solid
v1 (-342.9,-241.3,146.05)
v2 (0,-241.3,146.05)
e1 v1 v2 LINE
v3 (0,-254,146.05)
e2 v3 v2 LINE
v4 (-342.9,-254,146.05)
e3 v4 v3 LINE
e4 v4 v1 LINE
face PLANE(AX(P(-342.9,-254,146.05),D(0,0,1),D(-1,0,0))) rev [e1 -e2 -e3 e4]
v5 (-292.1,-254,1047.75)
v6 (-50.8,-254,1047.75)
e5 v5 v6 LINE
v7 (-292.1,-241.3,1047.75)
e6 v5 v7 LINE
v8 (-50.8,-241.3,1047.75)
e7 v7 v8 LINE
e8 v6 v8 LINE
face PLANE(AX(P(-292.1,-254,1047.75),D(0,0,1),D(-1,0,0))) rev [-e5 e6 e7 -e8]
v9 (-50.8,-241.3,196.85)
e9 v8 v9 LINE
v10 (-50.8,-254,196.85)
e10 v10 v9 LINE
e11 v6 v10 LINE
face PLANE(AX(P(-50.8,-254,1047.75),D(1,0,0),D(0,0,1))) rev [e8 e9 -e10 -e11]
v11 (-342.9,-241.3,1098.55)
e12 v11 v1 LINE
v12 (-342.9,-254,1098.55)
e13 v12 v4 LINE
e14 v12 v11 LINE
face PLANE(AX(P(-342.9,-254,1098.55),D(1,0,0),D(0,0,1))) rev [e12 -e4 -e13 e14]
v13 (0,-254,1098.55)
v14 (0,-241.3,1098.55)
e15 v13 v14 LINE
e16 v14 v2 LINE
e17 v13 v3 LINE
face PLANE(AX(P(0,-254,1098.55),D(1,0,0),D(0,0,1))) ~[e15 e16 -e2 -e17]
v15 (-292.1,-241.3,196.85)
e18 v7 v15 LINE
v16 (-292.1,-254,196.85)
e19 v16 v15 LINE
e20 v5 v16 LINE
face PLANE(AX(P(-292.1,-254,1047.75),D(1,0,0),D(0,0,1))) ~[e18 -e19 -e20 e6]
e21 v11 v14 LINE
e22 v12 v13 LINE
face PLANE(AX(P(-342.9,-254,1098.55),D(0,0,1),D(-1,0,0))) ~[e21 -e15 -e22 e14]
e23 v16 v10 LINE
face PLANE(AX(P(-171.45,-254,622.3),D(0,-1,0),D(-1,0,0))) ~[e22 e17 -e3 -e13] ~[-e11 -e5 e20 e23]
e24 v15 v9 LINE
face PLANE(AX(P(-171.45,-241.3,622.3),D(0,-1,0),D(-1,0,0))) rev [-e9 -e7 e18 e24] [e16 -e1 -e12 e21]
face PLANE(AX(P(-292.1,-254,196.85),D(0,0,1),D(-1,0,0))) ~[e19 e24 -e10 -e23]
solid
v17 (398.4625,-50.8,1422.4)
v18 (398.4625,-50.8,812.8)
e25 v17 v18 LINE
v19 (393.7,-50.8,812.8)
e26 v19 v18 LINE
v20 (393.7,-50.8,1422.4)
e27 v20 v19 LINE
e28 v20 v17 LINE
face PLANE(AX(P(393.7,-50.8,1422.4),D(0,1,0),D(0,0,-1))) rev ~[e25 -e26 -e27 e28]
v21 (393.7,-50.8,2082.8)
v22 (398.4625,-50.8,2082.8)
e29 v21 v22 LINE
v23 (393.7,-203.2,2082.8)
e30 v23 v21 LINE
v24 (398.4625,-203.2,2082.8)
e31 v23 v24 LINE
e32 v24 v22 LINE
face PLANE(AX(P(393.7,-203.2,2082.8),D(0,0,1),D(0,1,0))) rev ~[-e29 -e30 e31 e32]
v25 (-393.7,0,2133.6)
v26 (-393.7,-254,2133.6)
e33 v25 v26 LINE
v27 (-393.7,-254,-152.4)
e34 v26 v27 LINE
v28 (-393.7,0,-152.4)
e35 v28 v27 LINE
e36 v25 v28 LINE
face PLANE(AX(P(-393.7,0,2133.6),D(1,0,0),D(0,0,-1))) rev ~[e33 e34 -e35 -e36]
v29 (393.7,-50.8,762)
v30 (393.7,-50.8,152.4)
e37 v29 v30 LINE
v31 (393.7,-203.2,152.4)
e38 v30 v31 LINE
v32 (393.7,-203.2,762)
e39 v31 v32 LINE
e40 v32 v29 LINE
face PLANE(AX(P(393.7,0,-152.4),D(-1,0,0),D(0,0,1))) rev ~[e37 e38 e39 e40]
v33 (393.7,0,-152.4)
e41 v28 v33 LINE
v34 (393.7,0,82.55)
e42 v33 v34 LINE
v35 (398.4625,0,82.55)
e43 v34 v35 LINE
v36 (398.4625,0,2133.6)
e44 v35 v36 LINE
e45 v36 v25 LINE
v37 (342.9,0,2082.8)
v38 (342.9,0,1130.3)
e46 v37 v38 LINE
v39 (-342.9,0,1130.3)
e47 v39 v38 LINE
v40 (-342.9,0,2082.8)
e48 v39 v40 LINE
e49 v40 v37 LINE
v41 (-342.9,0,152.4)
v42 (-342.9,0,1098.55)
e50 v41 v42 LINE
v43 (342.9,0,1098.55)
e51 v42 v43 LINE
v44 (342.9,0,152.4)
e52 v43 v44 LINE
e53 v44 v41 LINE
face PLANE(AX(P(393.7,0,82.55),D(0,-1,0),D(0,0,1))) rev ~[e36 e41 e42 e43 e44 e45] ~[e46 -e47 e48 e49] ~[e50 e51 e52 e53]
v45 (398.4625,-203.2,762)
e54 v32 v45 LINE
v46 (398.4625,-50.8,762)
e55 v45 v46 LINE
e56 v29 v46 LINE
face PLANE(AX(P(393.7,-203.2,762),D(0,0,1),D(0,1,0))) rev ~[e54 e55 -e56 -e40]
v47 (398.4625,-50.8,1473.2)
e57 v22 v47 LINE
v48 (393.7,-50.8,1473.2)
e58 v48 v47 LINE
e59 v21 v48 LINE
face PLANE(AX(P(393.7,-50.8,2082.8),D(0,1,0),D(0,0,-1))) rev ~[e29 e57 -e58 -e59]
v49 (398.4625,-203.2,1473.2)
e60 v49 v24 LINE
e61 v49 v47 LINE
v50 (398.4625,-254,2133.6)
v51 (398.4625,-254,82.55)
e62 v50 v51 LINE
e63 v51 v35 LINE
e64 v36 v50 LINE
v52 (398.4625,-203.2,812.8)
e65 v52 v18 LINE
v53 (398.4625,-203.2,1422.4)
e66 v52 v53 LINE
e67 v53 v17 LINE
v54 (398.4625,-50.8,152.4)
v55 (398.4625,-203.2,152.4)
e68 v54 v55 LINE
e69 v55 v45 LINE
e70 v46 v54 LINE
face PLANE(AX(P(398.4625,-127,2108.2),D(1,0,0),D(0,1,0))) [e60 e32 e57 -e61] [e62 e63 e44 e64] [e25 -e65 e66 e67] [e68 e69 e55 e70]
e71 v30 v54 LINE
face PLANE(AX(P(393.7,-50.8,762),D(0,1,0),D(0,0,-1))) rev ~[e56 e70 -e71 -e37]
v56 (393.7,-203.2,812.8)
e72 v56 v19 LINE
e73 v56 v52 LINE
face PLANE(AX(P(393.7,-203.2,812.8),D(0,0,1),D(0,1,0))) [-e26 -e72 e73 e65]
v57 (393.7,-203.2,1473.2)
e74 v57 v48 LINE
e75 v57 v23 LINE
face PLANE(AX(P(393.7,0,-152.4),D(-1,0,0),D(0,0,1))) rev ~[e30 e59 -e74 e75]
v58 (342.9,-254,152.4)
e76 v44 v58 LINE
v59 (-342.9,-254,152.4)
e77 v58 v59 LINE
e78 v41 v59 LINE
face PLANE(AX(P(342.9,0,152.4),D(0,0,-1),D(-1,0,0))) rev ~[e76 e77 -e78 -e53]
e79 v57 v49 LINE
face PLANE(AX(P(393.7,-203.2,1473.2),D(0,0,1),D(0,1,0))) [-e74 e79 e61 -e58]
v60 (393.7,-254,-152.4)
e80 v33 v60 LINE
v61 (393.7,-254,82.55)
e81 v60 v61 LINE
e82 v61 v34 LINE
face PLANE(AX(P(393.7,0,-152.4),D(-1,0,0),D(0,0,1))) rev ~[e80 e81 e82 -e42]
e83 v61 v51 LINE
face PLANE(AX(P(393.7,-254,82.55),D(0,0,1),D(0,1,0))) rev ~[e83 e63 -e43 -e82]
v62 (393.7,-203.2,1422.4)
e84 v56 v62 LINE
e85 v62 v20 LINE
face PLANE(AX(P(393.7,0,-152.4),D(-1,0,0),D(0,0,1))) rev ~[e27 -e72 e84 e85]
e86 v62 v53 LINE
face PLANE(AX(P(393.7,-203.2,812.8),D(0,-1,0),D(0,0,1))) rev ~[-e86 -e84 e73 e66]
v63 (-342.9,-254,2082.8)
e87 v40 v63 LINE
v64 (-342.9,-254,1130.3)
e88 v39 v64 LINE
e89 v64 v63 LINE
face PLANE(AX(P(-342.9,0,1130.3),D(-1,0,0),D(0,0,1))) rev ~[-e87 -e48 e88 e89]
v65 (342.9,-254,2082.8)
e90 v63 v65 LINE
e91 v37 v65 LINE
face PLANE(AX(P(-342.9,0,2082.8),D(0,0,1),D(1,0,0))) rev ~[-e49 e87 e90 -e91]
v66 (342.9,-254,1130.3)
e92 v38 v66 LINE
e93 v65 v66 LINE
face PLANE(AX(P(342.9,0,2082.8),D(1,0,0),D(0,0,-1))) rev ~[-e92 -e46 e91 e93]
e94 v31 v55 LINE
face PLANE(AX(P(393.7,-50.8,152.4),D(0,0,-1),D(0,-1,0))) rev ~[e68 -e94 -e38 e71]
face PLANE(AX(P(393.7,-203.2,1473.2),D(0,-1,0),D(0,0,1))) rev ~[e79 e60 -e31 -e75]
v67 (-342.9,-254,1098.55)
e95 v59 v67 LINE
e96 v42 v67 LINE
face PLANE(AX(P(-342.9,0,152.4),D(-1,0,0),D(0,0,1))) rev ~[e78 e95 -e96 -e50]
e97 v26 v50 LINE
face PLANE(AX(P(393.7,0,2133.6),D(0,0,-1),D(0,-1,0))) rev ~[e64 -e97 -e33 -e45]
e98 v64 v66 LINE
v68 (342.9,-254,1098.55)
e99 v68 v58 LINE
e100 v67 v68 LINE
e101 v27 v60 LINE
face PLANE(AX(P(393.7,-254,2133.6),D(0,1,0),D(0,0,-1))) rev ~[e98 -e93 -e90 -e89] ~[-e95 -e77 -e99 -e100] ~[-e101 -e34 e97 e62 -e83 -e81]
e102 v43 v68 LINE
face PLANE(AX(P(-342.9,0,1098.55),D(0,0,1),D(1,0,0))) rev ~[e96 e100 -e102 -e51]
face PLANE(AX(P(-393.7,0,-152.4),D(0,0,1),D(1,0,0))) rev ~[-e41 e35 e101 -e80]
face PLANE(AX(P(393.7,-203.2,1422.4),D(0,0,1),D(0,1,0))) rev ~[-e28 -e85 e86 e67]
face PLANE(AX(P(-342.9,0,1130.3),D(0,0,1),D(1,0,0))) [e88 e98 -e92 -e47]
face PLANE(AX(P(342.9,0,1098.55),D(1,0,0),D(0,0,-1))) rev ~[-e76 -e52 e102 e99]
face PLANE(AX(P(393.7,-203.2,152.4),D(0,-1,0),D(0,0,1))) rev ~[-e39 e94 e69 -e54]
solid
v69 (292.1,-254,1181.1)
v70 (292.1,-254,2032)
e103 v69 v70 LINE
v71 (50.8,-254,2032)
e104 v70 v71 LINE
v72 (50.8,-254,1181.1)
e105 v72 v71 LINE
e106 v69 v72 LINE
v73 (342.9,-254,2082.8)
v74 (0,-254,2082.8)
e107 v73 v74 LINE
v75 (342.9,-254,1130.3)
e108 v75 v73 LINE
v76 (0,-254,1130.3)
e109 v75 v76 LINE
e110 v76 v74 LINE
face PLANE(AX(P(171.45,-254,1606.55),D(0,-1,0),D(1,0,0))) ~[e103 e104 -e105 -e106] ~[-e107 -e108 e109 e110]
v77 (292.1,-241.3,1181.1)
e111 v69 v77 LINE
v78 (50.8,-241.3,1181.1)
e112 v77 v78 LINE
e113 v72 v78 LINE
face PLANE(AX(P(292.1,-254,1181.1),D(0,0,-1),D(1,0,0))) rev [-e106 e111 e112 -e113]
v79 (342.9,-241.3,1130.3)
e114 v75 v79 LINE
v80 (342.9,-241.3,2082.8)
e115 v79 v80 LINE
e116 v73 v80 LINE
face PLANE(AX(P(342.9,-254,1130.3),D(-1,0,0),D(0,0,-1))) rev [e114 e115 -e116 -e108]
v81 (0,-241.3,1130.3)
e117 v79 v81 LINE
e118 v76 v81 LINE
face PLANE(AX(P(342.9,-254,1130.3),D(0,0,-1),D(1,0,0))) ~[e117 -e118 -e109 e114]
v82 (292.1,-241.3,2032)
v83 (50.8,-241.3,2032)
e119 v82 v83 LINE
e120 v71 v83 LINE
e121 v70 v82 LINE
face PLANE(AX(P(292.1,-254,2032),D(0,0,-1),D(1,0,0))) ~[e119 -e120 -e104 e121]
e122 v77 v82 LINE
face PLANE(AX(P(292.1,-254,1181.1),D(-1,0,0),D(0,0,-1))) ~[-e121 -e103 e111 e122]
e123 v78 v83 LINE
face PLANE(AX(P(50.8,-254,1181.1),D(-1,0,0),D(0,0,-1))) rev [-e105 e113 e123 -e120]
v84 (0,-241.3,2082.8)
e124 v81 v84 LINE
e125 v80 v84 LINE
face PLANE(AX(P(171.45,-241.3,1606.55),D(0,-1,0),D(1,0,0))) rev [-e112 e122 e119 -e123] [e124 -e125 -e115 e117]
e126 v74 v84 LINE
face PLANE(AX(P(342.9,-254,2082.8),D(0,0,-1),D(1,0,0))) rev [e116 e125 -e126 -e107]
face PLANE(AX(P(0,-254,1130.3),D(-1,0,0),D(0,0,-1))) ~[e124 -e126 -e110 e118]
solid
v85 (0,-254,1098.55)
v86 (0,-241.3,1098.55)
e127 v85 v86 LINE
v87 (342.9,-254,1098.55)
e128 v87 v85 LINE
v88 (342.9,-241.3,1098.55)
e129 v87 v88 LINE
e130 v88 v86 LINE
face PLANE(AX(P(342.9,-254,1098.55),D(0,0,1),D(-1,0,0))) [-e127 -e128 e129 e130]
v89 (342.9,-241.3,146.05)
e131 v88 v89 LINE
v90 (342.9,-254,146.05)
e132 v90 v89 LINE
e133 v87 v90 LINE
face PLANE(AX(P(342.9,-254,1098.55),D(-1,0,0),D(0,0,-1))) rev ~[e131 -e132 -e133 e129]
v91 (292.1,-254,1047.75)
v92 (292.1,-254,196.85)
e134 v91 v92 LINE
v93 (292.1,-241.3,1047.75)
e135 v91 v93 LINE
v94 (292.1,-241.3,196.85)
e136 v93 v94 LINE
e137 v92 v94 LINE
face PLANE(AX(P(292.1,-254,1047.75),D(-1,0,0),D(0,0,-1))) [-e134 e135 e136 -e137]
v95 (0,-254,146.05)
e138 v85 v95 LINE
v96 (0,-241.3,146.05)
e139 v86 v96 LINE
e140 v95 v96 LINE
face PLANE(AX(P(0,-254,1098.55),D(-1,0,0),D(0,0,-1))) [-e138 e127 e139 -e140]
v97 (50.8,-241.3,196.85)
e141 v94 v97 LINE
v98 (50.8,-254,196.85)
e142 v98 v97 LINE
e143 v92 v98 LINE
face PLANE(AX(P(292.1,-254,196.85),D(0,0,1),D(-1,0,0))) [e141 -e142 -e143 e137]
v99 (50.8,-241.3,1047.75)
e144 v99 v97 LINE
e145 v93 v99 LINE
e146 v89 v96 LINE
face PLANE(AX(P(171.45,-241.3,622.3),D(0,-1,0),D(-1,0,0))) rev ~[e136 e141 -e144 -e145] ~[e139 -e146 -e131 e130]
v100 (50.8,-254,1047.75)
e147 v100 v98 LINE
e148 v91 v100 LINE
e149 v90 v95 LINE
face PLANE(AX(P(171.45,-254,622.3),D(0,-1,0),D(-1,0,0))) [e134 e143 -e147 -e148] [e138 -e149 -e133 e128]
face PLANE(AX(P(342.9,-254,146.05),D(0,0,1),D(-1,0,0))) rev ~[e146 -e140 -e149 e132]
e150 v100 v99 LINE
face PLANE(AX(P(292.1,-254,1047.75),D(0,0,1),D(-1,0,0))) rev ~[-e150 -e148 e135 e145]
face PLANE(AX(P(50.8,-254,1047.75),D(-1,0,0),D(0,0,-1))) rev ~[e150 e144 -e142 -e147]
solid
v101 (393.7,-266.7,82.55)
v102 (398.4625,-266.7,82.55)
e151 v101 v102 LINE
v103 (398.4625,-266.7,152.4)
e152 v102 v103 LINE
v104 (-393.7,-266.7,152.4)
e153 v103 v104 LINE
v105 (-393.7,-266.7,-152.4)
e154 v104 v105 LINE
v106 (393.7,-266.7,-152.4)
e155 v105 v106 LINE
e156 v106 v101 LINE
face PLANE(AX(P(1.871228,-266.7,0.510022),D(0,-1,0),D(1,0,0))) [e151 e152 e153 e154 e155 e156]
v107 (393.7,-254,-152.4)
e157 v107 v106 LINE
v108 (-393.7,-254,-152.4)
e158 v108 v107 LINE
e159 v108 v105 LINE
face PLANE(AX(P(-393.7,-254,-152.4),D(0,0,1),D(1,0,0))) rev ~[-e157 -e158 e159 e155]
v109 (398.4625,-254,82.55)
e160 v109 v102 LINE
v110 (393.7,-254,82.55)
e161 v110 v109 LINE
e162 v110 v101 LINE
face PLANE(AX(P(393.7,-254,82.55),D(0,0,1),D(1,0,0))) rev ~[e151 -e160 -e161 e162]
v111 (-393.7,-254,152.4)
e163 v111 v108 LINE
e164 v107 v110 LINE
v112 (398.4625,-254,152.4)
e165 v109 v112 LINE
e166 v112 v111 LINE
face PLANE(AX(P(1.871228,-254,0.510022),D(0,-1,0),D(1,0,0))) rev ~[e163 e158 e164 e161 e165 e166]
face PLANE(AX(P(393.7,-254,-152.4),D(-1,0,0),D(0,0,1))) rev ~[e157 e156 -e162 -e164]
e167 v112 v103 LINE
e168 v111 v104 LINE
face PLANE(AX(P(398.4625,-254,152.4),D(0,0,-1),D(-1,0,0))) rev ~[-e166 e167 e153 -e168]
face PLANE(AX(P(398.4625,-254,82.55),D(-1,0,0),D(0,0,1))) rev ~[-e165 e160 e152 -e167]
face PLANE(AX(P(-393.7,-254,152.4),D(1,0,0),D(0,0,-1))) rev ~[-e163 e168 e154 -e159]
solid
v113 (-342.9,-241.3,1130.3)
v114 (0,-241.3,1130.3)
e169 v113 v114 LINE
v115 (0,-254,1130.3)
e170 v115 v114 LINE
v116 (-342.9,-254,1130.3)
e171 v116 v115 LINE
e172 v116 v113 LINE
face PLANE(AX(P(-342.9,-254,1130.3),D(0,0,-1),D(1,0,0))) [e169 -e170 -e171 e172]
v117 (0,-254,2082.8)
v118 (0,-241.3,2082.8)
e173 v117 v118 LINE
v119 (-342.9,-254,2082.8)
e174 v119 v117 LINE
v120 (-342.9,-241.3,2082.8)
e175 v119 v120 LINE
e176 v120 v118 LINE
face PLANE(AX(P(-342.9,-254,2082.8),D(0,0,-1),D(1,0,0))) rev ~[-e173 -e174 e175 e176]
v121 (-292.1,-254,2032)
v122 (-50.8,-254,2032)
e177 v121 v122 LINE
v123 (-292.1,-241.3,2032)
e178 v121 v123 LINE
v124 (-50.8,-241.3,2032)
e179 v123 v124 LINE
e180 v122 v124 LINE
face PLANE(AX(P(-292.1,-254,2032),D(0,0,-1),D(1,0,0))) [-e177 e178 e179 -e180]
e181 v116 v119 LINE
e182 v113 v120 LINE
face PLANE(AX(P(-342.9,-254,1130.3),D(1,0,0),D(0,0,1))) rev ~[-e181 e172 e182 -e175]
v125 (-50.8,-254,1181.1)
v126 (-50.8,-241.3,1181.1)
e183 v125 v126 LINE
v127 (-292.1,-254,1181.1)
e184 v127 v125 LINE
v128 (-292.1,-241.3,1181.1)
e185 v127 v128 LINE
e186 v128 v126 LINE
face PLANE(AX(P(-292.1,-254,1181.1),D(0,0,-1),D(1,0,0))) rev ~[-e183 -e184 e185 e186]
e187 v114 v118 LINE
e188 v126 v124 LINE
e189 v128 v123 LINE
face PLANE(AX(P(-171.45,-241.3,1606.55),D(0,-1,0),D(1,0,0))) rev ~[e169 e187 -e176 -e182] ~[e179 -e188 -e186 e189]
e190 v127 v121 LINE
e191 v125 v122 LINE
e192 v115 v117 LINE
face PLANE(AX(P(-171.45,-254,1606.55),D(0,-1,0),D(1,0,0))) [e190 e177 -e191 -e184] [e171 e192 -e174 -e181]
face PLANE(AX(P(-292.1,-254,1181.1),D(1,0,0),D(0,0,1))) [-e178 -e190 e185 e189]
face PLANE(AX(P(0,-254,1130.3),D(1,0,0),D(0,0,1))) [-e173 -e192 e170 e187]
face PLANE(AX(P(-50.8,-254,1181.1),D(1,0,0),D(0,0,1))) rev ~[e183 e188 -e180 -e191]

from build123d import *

# Parameters (mm, degrees)
F0_W      = 685.8
F0_H      = 31.75
F1_DEPTH  = 254
F2_W      = 152.4
F2_H      = 50.8
F3_DEPTH  = 4.7625
F4_W      = 342.9
F4_H      = 952.5
F4_W_2    = 241.3
F4_H_2    = 850.9
F5_DEPTH  = 12.7
F11_DEPTH = 12.7


with BuildPart() as f1:
    # F0 (on Front) → F1 (new body)
    with BuildSketch(Plane.XZ):
        Polygon((342.9, 2082.8), (393.7, 2082.8), (393.7, 2133.6), (342.9, 2133.6), (-342.9, 2133.6), (-393.7, 2133.6), (-393.7, 2082.8), (-342.9, 2082.8), align=None)
        with Locations((0, 1114.425)):
            Rectangle(F0_W, F0_H)
        Polygon((-393.7, 152.4), (-342.9, 152.4), (-342.9, 1098.55), (-342.9, 1130.3), (-342.9, 2082.8), (-393.7, 2082.8), align=None)
        Polygon((342.9, 152.4), (393.7, 152.4), (393.7, 2082.8), (342.9, 2082.8), (342.9, 1130.3), (342.9, 1098.55), align=None)
        Polygon((393.7, -152.4), (393.7, 152.4), (342.9, 152.4), (-342.9, 152.4), (-393.7, 152.4), (-393.7, -152.4), align=None)
    extrude(amount=F1_DEPTH)

    # F2 (on face) → F3 (join)
    with BuildSketch(Plane.YZ.offset(393.7)):
        Polygon((0, 2133.6), (-254, 2133.6), (-254, 2082.8), (-203.2, 2082.8), (-50.8, 2082.8), (0, 2082.8), align=None)
        Polygon((-203.2, 2082.8), (-254, 2082.8), (-254, 152.4), (-203.2, 152.4), (-203.2, 762), (-203.2, 812.8), (-203.2, 1422.4), (-203.2, 1473.2), align=None)
        Polygon((0, 152.4), (0, 2082.8), (-50.8, 2082.8), (-50.8, 1473.2), (-50.8, 1422.4), (-50.8, 812.8), (-50.8, 762), (-50.8, 152.4), align=None)
        Polygon((-203.2, 152.4), (-254, 152.4), (-254, 82.55), (-50.8, 82.55), (0, 82.55), (0, 152.4), (-50.8, 152.4), align=None)
        with Locations((-127, 787.4)):
            Rectangle(F2_W, F2_H)
        with Locations((-127, 1447.8)):
            Rectangle(F2_W, F2_H)
    extrude(amount=F3_DEPTH)


with BuildPart() as f5:
    # F4 (on face) → F5 (new body)
    with BuildSketch(Plane.XZ.offset(254)):
        with Locations((-171.45, 1606.55)):
            Rectangle(F4_W, F4_H)
        with Locations((-171.45, 1606.55)):
            Rectangle(F4_W_2, F4_H_2, mode=Mode.SUBTRACT)
    extrude(amount=-F5_DEPTH)


with BuildPart() as f7_1:
    # F7: instance of F5
    add(f5.part.mirror(Plane(origin=(0, -247.65, 1606.55), x_dir=(0, 1, 0), z_dir=(1, 0, 0))))


with BuildPart() as f9_1:
    # F9: instance of F5
    add(f5.part.mirror(Plane(origin=(0, -127, 1114.425), x_dir=(1, 0, 0), z_dir=(0, 0, 1))))


with BuildPart() as f9_2:
    # F9: instance of F7_1
    add(f7_1.part.mirror(Plane(origin=(0, -127, 1114.425), x_dir=(1, 0, 0), z_dir=(0, 0, 1))))


with BuildPart() as f11:
    # F10 (on face) → F11 (new body)
    with BuildSketch(Plane.XZ.offset(254)):
        Polygon((-393.7, 152.4), (-393.7, -152.4), (393.7, -152.4), (393.7, 82.55), (398.4625, 82.55), (398.4625, 152.4), (342.9, 152.4), (-342.9, 152.4), align=None)
    extrude(amount=F11_DEPTH)


solid = Compound([f1.part, f5.part, f7_1.part, f9_1.part, f9_2.part, f11.part])
